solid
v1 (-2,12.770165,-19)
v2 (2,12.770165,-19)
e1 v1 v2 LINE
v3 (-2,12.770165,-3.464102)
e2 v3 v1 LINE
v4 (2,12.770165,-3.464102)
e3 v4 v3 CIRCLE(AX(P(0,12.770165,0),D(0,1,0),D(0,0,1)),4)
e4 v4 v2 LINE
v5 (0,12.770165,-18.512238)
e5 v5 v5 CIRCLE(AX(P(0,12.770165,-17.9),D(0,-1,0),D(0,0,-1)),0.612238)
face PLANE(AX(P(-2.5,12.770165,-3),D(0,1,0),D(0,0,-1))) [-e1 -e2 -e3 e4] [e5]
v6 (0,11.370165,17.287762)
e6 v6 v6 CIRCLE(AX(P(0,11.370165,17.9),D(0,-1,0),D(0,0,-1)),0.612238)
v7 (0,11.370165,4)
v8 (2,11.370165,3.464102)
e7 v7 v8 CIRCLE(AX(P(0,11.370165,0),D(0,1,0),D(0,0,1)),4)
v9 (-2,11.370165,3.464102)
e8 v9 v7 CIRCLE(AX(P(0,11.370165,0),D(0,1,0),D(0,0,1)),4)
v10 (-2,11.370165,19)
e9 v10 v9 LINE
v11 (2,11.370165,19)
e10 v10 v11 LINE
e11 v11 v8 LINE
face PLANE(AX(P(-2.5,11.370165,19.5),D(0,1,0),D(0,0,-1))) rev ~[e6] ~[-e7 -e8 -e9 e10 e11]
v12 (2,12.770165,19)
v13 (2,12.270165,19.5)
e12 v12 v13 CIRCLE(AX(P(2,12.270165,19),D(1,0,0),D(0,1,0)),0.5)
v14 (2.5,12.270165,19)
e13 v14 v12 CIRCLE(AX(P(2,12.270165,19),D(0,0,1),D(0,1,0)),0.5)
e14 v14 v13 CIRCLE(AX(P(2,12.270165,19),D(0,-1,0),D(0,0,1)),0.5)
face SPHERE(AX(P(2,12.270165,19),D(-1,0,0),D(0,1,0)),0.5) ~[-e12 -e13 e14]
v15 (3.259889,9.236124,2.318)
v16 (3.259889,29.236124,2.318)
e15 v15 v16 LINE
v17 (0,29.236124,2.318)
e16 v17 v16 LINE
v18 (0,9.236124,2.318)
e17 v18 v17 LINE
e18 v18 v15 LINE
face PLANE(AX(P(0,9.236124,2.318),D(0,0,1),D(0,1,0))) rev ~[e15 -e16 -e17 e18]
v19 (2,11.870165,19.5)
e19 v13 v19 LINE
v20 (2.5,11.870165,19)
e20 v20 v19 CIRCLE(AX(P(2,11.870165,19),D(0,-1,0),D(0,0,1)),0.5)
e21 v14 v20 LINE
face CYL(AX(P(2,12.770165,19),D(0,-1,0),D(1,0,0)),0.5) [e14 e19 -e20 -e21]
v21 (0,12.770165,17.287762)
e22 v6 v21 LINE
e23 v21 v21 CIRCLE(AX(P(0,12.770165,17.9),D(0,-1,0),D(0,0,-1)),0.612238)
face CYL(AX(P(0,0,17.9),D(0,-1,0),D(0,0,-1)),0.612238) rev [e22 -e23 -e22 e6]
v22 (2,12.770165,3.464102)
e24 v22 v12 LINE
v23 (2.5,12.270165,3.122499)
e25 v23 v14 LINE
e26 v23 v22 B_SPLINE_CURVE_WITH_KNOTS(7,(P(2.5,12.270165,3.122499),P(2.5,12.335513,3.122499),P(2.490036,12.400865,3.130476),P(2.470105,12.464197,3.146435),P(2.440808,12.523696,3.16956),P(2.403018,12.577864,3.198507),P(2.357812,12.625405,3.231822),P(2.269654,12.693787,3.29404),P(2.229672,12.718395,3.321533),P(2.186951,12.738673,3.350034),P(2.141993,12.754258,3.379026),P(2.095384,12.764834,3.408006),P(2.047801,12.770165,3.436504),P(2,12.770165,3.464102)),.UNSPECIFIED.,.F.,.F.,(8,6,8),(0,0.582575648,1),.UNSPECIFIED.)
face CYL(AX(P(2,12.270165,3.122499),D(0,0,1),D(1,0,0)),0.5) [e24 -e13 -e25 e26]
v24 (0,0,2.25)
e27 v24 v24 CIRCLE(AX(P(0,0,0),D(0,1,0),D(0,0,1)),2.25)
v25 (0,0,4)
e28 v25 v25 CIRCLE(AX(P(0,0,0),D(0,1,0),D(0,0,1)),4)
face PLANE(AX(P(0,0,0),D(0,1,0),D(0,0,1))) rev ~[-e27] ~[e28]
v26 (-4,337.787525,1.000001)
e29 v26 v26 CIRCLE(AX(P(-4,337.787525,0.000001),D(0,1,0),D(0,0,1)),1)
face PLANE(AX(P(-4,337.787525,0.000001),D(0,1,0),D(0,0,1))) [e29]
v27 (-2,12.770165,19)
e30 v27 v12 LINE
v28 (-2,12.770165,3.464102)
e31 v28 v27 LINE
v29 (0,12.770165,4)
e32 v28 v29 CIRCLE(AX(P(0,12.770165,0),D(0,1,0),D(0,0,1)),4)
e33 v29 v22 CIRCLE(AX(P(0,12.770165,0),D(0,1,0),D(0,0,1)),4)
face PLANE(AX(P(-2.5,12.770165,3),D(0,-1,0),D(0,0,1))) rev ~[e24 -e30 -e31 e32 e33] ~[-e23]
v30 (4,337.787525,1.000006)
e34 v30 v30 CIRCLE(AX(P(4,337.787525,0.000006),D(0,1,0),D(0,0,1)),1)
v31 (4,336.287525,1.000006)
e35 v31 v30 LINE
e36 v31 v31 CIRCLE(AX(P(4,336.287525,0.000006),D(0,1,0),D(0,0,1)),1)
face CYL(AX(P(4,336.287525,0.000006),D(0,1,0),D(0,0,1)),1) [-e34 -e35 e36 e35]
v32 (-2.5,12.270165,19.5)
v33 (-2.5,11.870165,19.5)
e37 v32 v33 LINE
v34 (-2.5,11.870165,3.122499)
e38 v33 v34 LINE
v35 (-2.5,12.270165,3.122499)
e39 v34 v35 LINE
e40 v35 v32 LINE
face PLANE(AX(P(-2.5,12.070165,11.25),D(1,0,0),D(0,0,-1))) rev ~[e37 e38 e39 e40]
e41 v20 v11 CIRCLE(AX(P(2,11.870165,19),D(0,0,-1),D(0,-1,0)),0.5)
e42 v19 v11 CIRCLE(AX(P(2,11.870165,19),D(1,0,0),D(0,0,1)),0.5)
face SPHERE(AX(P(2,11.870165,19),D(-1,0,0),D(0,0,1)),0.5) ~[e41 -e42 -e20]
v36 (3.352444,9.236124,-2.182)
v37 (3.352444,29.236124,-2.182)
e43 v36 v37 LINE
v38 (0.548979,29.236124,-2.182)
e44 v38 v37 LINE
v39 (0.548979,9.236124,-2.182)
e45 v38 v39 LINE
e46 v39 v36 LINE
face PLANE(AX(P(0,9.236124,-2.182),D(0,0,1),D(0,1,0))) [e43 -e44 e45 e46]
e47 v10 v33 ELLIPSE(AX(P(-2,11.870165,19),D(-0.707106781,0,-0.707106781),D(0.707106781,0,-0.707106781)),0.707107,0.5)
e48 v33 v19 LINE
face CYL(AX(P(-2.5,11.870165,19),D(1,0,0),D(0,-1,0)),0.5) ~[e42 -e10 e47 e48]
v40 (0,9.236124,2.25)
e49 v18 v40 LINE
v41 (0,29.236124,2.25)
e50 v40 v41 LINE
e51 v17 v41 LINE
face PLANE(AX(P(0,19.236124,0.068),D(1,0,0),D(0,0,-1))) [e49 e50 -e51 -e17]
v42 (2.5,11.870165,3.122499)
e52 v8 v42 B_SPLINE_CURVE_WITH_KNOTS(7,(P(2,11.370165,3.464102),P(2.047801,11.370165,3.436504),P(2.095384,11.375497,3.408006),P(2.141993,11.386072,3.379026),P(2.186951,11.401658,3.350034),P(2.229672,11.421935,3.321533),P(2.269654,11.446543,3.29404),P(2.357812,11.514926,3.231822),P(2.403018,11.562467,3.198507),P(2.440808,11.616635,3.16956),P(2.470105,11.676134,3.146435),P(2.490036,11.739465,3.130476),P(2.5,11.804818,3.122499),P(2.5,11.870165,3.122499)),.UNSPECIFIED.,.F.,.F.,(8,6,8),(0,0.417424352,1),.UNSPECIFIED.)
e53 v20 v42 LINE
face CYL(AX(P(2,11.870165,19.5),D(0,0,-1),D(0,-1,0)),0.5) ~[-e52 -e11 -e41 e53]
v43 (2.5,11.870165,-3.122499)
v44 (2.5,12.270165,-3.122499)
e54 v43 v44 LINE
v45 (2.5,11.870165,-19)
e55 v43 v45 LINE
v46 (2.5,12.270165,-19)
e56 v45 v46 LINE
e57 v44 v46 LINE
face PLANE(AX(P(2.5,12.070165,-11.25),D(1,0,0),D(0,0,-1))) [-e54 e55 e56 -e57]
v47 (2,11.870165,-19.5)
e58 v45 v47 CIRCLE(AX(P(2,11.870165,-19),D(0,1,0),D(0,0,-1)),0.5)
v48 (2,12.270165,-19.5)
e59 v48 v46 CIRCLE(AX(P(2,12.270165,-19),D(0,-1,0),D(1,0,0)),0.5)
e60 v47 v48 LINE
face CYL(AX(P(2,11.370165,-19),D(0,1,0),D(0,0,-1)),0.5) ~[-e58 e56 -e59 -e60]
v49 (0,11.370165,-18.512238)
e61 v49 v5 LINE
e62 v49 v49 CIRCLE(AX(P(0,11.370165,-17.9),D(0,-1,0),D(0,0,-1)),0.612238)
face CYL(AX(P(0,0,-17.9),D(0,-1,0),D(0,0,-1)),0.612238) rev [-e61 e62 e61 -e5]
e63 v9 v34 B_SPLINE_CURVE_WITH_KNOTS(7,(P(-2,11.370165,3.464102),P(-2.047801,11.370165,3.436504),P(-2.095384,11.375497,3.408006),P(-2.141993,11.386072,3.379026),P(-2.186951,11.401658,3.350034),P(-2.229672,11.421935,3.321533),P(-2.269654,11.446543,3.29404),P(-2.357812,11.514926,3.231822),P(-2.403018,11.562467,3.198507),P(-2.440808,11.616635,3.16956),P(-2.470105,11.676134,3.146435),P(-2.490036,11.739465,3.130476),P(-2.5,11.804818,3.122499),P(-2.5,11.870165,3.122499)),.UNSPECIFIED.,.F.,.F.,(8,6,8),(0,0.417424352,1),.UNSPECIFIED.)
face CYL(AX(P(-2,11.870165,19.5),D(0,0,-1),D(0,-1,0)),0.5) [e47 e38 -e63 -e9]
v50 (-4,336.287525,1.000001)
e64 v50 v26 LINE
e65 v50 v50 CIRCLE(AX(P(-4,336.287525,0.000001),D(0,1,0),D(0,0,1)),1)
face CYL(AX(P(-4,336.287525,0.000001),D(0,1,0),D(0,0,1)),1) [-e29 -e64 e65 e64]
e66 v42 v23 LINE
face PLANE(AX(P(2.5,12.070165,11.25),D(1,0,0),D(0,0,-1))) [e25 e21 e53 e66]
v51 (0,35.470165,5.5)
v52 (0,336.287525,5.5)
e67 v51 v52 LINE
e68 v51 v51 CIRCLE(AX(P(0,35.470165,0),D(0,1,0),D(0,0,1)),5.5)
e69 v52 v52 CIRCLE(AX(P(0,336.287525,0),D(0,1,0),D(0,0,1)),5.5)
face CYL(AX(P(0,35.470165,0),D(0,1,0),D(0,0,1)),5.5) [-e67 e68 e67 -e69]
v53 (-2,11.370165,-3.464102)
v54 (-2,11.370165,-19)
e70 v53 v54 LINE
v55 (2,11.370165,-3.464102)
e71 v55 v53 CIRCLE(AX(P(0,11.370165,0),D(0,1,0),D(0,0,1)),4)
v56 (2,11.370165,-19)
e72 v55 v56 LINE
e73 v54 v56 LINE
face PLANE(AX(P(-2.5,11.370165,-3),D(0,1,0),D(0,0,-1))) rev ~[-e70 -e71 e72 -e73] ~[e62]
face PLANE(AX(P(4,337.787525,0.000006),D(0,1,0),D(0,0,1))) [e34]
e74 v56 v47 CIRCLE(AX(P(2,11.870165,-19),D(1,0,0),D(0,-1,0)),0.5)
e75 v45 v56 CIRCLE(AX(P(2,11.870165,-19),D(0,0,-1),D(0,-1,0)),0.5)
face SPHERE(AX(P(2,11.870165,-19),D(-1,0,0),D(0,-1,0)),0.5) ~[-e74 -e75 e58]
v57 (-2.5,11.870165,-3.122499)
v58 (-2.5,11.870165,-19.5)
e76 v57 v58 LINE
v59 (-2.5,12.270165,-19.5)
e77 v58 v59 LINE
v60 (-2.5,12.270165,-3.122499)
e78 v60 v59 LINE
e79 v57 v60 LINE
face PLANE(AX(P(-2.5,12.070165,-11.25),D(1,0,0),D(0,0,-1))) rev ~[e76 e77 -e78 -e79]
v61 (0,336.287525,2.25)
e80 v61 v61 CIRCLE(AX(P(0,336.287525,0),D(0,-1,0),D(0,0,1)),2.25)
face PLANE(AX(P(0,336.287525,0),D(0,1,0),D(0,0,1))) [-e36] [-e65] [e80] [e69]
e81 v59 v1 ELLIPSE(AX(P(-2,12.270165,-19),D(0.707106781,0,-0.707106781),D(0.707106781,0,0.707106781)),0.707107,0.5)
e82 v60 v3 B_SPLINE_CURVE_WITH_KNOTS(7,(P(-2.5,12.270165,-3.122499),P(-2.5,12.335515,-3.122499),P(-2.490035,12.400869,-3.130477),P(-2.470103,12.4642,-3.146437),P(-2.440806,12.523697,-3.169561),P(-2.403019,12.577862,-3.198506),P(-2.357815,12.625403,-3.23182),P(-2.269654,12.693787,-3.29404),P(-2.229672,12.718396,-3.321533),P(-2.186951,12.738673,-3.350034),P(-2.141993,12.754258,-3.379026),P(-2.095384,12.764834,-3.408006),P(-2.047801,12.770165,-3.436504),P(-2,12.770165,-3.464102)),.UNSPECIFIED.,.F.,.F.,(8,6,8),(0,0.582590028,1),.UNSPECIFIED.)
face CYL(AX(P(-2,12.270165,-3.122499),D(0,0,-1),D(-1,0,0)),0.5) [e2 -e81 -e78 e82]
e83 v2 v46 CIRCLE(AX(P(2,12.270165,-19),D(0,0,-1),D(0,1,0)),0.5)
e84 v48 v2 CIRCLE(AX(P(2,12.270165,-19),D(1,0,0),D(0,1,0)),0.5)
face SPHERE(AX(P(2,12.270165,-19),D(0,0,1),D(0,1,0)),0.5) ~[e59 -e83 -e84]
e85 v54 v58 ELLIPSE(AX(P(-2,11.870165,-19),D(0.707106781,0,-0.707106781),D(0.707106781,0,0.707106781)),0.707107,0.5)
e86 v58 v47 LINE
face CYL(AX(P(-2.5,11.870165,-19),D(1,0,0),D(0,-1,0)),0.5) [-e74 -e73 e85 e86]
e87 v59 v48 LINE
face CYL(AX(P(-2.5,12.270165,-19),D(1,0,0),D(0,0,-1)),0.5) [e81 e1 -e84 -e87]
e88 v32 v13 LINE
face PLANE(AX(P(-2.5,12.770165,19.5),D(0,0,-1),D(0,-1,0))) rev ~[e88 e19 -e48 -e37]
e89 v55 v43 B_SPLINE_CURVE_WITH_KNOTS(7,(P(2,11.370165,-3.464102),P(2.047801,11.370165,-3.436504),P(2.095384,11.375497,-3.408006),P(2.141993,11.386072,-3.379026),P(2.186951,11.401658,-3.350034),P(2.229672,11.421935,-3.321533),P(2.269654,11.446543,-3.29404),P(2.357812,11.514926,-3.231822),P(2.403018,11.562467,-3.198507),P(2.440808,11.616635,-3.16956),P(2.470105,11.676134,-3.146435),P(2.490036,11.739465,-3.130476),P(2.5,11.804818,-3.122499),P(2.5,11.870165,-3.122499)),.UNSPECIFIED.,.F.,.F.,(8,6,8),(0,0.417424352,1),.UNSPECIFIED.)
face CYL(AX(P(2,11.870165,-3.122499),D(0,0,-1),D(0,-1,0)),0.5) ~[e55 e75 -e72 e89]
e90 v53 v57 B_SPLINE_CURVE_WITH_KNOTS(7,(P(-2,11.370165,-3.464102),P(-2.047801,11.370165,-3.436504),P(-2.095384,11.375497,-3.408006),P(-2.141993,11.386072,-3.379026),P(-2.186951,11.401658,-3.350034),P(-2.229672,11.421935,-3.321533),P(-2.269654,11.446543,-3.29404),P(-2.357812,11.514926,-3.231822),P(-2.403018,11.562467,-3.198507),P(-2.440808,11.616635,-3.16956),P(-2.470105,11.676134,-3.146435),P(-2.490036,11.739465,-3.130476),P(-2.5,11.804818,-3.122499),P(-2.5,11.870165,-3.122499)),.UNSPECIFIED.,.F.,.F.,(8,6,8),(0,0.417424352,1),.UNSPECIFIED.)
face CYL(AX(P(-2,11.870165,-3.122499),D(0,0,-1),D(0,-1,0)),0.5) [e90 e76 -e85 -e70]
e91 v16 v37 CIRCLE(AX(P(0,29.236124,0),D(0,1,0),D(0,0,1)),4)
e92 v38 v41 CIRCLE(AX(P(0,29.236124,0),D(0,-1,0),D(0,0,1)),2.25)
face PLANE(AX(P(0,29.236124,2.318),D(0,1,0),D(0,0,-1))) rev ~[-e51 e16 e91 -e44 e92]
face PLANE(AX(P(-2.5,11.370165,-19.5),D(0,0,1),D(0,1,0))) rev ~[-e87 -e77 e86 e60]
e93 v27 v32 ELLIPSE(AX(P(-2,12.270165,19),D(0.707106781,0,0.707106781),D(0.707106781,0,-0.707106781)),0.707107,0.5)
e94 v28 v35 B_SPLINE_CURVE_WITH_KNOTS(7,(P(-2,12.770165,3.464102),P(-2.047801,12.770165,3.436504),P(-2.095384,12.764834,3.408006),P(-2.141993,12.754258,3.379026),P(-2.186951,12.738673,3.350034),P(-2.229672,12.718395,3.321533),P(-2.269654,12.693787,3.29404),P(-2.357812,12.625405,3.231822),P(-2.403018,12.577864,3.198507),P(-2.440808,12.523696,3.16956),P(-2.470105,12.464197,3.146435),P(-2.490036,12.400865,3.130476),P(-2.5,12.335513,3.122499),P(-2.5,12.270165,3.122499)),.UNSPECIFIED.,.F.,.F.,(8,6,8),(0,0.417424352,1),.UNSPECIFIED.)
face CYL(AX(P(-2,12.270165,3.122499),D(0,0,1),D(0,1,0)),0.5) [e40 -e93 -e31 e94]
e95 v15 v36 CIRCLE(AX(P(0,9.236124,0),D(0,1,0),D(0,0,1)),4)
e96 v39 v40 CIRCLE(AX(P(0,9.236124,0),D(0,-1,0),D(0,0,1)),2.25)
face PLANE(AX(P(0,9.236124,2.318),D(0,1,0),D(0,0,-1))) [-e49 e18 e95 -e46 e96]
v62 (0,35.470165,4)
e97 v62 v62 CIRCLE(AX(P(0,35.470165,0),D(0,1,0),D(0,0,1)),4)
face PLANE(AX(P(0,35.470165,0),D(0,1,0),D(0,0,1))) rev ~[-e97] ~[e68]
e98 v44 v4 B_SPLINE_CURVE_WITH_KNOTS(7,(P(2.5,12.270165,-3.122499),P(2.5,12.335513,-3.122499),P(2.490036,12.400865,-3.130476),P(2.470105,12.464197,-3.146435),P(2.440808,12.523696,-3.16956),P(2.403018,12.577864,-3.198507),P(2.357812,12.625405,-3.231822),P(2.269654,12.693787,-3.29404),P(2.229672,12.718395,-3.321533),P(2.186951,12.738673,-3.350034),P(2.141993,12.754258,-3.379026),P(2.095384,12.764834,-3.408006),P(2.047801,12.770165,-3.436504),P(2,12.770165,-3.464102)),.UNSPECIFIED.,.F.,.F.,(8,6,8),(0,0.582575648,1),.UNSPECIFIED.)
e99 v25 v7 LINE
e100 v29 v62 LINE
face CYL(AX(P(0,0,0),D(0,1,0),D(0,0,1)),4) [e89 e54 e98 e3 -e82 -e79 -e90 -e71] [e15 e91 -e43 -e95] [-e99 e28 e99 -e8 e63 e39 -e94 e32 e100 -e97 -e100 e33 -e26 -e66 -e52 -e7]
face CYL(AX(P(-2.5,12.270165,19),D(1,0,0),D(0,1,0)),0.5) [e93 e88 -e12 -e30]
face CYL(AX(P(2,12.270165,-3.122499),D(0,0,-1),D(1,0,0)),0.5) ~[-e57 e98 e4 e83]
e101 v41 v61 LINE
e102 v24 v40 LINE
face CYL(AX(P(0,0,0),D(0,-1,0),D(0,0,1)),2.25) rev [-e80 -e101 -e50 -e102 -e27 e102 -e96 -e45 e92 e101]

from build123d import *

# Parameters (mm, degrees)
SWEEP3_PROFILE_R         = 4
SWEEP4_PROFILE_R         = 5.5
SKETCH45_R               = 2.25
CUT_EXTRUDE2_DEPTH       = 337.377466094
SWEEP5_PROFILE_R         = 1
SWEEP6_PROFILE_R         = 1
SKETCH72_W               = 4.5
SKETCH72_H               = 20
CUT_EXTRUDE6_DEPTH       = 20
BOSS_EXTRUDE1_DEPTH      = 2.5
BOSS_EXTRUDE1_DEPTH_BACK = 2.5
BOSS_EXTRUDE3_DEPTH      = 2.5
BOSS_EXTRUDE3_DEPTH_BACK = 2.5
SKETCH76_4_W             = 16.5
SKETCH76_4_H             = 1.4
SKETCH77_R               = 0.612238256
CUT_EXTRUDE7_DEPTH       = 20
FILLET1_R                = 0.5


with BuildPart() as part:
    # Sweep3: sweep along a path in Sketch31
    with BuildLine(Plane.XY) as sweep3_path:
        Line((0, 0), (0, 35.470165431))
    # Sweep3 profile (on start of the path) → Sweep3 (sweep)
    with BuildSketch(Plane.ZX):
        Circle(SWEEP3_PROFILE_R)
    sweep(path=sweep3_path.line)

    # Sweep4: sweep along a path in Sketch38
    with BuildLine(Plane.XY) as sweep4_path:
        Line((0, 35.470165431), (0, 336.287525335))
    # Sweep4 profile (on start of the path) → Sweep4 (sweep)
    with BuildSketch(Plane.ZX.offset(35.470165431)):
        Circle(SWEEP4_PROFILE_R)
    sweep(path=sweep4_path.line)

    # Sketch45 → Cut-Extrude2 (cut, through all)
    with BuildSketch(Plane(origin=(0, 0, 0), x_dir=(1, 0, 0), z_dir=(0, 1, 0))):
        Circle(SKETCH45_R)
    extrude(amount=CUT_EXTRUDE2_DEPTH, mode=Mode.SUBTRACT)

    # Sweep5: sweep along a curve in space
    with BuildLine() as sweep5_path:
        Line((4, 336.287525335, 5.558e-06), (4, 337.787525335, 5.558e-06))
    # Sweep5 profile (on start of the path) → Sweep5 (sweep)
    with BuildSketch(Plane(origin=(4, 336.287525335, 5.558e-06), x_dir=(0, 0, 1), z_dir=(0, 1, 0))):
        Circle(SWEEP5_PROFILE_R)
    sweep(path=sweep5_path.line)

    # Sweep6: sweep along a curve in space
    with BuildLine() as sweep6_path:
        Line((-4, 336.287525335, 9.31e-07), (-4, 337.787525335, 9.31e-07))
    # Sweep6 profile (on start of the path) → Sweep6 (sweep)
    with BuildSketch(Plane(origin=(-4, 336.287525335, 9.31e-07), x_dir=(0, 0, 1), z_dir=(0, 1, 0))):
        Circle(SWEEP6_PROFILE_R)
    sweep(path=sweep6_path.line)

    # Sketch72 → Cut-Extrude6 (cut)
    with BuildSketch(Plane(origin=(0, 0, 0), x_dir=(0, 0, -1), z_dir=(1, 0, 0))):
        with Locations((-0.068000409, 19.236124066)):
            Rectangle(SKETCH72_W, SKETCH72_H)
    extrude(amount=CUT_EXTRUDE6_DEPTH, mode=Mode.SUBTRACT)

    # Sketch76 → Boss-Extrude1 (add, two sides: drawn at the far end of the back side and taken through both)
    with BuildSketch(Plane(origin=(0, 0, 0), x_dir=(0, 0, -1), z_dir=(1, 0, 0)).offset(-BOSS_EXTRUDE1_DEPTH_BACK)):
        Polygon((-3, 12.070165431), (-3, 12.770165431), (-19.5, 12.770165431), (-19.5, 12.370165431), (-19.5, 11.370165431), (-3, 11.370165431), align=None)
    extrude(amount=BOSS_EXTRUDE1_DEPTH + BOSS_EXTRUDE1_DEPTH_BACK)

    # Sketch76<4> → Boss-Extrude3 (add, two sides: drawn at the far end of the back side and taken through both)
    with BuildSketch(Plane(origin=(0, 0, 0), x_dir=(0, 0, -1), z_dir=(1, 0, 0)).offset(-BOSS_EXTRUDE3_DEPTH_BACK)):
        with Locations((11.25, 12.070165431)):
            Rectangle(SKETCH76_4_W, SKETCH76_4_H)
    extrude(amount=BOSS_EXTRUDE3_DEPTH + BOSS_EXTRUDE3_DEPTH_BACK)

    # Sketch77 → Cut-Extrude7 (cut)
    with BuildSketch(Plane(origin=(0, 0, 0), x_dir=(1, 0, 0), z_dir=(0, 1, 0))):
        with Locations((0, 17.9)):
            Circle(SKETCH77_R)
        with Locations((0, -17.9)):
            Circle(SKETCH77_R)
    extrude(amount=CUT_EXTRUDE7_DEPTH, mode=Mode.SUBTRACT)

    # Fillet1
    fillet1_edges = [part.edges().sort_by_distance(p)[0] for p in [
        (-2.5, 12.770165431, 11.3112495),
        (-2.5, 11.370165431, 11.3112495),
        (2.5, 12.070165431, 19.5),
        (0, 11.370165431, 19.5),
        (2.5, 11.370165431, 11.3112495),
        (2.5, 12.770165431, 11.3112495),
        (0, 12.770165431, 19.5),
        (-2.5, 11.370165431, -11.3112495),
        (-2.5, 12.770165431, -11.3112495),
        (0, 12.770165431, -19.5),
        (0, 11.370165431, -19.5),
        (2.5, 12.070165431, -19.5),
        (2.5, 11.370165431, -11.3112495),
        (2.5, 12.770165431, -11.3112495),
    ]]
    fillet(fillet1_edges, radius=FILLET1_R)


solid = part.part
